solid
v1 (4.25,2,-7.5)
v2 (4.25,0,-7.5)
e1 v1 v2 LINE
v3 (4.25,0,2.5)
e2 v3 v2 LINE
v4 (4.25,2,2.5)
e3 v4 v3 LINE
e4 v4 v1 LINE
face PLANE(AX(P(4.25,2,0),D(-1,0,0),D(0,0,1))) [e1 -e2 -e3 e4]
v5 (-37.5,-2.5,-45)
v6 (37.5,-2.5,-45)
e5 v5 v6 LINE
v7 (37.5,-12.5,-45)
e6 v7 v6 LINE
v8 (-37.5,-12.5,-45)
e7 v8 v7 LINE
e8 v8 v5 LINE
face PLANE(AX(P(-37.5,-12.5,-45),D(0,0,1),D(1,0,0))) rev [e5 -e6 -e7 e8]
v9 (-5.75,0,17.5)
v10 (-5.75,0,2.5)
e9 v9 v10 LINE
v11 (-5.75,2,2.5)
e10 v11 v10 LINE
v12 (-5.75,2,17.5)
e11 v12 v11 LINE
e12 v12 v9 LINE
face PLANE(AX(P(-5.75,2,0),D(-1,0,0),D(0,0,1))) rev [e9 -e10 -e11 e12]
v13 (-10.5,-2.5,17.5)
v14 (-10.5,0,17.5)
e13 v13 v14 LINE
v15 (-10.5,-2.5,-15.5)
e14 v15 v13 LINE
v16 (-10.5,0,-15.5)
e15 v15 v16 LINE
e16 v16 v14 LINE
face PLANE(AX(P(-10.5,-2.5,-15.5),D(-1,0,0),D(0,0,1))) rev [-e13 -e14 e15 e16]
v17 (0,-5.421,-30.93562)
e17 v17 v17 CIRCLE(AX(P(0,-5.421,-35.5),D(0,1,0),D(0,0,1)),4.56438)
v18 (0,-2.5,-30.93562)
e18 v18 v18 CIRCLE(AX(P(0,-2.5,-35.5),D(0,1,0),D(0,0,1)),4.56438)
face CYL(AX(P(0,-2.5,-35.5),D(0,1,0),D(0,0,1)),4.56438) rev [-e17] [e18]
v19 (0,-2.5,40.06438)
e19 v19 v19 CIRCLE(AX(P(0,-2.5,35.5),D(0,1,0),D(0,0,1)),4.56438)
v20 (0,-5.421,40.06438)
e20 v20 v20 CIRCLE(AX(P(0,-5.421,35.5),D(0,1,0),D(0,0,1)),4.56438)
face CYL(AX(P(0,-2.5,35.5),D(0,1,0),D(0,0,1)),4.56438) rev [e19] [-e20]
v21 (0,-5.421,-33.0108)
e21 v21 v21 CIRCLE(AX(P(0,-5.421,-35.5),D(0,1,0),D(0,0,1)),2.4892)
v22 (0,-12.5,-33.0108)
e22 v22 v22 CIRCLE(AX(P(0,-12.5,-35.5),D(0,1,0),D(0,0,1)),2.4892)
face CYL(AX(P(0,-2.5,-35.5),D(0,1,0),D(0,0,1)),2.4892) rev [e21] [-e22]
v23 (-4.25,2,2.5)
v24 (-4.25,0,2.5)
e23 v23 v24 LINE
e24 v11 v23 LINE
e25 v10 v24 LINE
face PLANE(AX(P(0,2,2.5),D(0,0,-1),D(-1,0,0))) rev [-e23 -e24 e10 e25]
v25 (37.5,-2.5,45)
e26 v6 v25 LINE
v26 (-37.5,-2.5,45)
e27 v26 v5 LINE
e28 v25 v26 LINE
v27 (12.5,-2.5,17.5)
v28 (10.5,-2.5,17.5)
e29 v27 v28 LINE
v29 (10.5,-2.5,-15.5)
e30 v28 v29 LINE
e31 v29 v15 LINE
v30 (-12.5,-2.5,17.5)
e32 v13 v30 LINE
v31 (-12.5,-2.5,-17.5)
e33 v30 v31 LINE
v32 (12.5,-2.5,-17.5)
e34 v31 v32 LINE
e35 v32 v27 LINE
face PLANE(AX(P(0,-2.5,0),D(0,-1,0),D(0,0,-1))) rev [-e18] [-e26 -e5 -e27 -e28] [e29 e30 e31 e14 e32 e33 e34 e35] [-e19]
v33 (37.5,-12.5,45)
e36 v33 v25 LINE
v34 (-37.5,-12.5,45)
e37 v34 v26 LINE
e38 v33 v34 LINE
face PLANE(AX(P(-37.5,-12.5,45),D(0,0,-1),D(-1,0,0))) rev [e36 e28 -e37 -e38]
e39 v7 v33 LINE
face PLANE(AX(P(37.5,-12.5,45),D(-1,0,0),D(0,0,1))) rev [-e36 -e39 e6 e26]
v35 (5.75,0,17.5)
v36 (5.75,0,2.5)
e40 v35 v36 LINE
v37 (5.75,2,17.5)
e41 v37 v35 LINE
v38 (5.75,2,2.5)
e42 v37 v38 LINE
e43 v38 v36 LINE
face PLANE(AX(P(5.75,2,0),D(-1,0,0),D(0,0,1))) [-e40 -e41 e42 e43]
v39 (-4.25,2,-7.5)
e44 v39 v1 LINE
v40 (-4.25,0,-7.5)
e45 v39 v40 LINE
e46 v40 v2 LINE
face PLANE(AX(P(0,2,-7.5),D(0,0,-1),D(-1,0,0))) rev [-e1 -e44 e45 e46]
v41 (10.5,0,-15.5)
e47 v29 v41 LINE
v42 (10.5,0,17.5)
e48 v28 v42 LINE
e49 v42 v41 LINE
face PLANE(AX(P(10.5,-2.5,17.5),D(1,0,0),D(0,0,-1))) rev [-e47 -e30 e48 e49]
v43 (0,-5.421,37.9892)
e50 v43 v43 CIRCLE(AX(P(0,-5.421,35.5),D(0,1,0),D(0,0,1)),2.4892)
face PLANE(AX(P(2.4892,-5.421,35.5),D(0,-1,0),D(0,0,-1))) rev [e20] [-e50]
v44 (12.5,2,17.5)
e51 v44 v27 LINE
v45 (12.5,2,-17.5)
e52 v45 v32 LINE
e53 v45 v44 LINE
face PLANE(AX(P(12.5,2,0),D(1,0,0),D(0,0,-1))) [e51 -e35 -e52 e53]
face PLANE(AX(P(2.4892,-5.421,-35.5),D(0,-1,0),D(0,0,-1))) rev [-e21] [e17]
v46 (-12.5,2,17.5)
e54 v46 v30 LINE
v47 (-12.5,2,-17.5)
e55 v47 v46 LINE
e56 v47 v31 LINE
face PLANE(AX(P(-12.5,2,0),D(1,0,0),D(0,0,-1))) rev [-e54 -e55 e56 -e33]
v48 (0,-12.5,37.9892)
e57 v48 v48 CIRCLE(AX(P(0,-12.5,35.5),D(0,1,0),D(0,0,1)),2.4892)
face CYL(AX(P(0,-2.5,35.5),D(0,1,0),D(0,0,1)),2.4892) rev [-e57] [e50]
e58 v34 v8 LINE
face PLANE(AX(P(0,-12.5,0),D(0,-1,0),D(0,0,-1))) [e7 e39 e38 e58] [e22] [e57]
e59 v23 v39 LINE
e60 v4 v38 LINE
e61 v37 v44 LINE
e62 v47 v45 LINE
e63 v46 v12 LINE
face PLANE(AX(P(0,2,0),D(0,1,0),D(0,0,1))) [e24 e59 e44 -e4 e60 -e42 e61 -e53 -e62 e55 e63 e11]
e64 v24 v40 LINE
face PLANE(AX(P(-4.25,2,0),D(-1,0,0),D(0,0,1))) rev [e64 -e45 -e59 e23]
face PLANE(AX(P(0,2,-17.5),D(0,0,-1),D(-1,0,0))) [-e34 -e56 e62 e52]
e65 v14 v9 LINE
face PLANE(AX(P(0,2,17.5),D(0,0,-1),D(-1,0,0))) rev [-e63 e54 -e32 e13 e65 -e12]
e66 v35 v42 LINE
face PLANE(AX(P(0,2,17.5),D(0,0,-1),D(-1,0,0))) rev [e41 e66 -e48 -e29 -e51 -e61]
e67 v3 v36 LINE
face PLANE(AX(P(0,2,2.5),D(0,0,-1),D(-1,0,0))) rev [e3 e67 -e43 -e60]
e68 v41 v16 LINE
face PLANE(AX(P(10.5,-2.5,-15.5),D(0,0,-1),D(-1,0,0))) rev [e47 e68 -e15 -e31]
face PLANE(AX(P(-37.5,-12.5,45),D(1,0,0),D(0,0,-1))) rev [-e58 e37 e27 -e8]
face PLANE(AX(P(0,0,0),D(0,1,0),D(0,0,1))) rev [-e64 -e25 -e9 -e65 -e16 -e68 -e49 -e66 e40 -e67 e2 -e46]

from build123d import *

# Parameters (mm, degrees)
BOSS_EXTRUDE1_DEPTH                             = 2
BOSS_EXTRUDE2_DEPTH                             = 2.5
SKETCH3_W                                       = 75
SKETCH3_H                                       = 90
BOSS_EXTRUDE3_DEPTH                             = 10
CBORE_FOR_8_PAN_HEAD_MACHINE_SCREW1_D           = 4.9784
CBORE_FOR_8_PAN_HEAD_MACHINE_SCREW1_CBORE_D     = 9.12876
CBORE_FOR_8_PAN_HEAD_MACHINE_SCREW1_CBORE_DEPTH = 2.921


with BuildPart() as part:
    # Sketch1 → Boss-Extrude1 (new body)
    with BuildSketch(Plane(origin=(0, 0, 0), x_dir=(1, 0, 0), z_dir=(0, 1, 0))):
        Polygon((12.5, 17.5), (-12.5, 17.5), (-12.5, -17.5), (-5.75, -17.5), (-5.75, -2.5), (-4.25, -2.5), (-4.25, 7.5), (4.25, 7.5), (4.25, -2.5), (5.75, -2.5), (5.75, -17.5), (12.5, -17.5), align=None)
    extrude(amount=BOSS_EXTRUDE1_DEPTH)

    # Sketch2 → Boss-Extrude2 (add)
    with BuildSketch(Plane.XZ):
        Polygon((-12.5, 17.5), (-12.5, -17.5), (12.5, -17.5), (12.5, 17.5), (10.5, 17.5), (10.5, -15.5), (-10.5, -15.5), (-10.5, 17.5), align=None)
    extrude(amount=BOSS_EXTRUDE2_DEPTH)

    # Sketch3 → Boss-Extrude3 (add)
    with BuildSketch(Plane.XZ.offset(2.5)):
        Rectangle(SKETCH3_W, SKETCH3_H)
    extrude(amount=BOSS_EXTRUDE3_DEPTH)

    # CBORE for #8 Pan Head Machine Screw1 (through all)
    with Locations(Plane(origin=(0, -2.5, 0), x_dir=(1, 0, 0), z_dir=(0, 1, 0))):
        with Locations((0, 35.5), (0, -35.5)):
            CounterBoreHole(CBORE_FOR_8_PAN_HEAD_MACHINE_SCREW1_D / 2, CBORE_FOR_8_PAN_HEAD_MACHINE_SCREW1_CBORE_D / 2, CBORE_FOR_8_PAN_HEAD_MACHINE_SCREW1_CBORE_DEPTH)


solid = part.part
